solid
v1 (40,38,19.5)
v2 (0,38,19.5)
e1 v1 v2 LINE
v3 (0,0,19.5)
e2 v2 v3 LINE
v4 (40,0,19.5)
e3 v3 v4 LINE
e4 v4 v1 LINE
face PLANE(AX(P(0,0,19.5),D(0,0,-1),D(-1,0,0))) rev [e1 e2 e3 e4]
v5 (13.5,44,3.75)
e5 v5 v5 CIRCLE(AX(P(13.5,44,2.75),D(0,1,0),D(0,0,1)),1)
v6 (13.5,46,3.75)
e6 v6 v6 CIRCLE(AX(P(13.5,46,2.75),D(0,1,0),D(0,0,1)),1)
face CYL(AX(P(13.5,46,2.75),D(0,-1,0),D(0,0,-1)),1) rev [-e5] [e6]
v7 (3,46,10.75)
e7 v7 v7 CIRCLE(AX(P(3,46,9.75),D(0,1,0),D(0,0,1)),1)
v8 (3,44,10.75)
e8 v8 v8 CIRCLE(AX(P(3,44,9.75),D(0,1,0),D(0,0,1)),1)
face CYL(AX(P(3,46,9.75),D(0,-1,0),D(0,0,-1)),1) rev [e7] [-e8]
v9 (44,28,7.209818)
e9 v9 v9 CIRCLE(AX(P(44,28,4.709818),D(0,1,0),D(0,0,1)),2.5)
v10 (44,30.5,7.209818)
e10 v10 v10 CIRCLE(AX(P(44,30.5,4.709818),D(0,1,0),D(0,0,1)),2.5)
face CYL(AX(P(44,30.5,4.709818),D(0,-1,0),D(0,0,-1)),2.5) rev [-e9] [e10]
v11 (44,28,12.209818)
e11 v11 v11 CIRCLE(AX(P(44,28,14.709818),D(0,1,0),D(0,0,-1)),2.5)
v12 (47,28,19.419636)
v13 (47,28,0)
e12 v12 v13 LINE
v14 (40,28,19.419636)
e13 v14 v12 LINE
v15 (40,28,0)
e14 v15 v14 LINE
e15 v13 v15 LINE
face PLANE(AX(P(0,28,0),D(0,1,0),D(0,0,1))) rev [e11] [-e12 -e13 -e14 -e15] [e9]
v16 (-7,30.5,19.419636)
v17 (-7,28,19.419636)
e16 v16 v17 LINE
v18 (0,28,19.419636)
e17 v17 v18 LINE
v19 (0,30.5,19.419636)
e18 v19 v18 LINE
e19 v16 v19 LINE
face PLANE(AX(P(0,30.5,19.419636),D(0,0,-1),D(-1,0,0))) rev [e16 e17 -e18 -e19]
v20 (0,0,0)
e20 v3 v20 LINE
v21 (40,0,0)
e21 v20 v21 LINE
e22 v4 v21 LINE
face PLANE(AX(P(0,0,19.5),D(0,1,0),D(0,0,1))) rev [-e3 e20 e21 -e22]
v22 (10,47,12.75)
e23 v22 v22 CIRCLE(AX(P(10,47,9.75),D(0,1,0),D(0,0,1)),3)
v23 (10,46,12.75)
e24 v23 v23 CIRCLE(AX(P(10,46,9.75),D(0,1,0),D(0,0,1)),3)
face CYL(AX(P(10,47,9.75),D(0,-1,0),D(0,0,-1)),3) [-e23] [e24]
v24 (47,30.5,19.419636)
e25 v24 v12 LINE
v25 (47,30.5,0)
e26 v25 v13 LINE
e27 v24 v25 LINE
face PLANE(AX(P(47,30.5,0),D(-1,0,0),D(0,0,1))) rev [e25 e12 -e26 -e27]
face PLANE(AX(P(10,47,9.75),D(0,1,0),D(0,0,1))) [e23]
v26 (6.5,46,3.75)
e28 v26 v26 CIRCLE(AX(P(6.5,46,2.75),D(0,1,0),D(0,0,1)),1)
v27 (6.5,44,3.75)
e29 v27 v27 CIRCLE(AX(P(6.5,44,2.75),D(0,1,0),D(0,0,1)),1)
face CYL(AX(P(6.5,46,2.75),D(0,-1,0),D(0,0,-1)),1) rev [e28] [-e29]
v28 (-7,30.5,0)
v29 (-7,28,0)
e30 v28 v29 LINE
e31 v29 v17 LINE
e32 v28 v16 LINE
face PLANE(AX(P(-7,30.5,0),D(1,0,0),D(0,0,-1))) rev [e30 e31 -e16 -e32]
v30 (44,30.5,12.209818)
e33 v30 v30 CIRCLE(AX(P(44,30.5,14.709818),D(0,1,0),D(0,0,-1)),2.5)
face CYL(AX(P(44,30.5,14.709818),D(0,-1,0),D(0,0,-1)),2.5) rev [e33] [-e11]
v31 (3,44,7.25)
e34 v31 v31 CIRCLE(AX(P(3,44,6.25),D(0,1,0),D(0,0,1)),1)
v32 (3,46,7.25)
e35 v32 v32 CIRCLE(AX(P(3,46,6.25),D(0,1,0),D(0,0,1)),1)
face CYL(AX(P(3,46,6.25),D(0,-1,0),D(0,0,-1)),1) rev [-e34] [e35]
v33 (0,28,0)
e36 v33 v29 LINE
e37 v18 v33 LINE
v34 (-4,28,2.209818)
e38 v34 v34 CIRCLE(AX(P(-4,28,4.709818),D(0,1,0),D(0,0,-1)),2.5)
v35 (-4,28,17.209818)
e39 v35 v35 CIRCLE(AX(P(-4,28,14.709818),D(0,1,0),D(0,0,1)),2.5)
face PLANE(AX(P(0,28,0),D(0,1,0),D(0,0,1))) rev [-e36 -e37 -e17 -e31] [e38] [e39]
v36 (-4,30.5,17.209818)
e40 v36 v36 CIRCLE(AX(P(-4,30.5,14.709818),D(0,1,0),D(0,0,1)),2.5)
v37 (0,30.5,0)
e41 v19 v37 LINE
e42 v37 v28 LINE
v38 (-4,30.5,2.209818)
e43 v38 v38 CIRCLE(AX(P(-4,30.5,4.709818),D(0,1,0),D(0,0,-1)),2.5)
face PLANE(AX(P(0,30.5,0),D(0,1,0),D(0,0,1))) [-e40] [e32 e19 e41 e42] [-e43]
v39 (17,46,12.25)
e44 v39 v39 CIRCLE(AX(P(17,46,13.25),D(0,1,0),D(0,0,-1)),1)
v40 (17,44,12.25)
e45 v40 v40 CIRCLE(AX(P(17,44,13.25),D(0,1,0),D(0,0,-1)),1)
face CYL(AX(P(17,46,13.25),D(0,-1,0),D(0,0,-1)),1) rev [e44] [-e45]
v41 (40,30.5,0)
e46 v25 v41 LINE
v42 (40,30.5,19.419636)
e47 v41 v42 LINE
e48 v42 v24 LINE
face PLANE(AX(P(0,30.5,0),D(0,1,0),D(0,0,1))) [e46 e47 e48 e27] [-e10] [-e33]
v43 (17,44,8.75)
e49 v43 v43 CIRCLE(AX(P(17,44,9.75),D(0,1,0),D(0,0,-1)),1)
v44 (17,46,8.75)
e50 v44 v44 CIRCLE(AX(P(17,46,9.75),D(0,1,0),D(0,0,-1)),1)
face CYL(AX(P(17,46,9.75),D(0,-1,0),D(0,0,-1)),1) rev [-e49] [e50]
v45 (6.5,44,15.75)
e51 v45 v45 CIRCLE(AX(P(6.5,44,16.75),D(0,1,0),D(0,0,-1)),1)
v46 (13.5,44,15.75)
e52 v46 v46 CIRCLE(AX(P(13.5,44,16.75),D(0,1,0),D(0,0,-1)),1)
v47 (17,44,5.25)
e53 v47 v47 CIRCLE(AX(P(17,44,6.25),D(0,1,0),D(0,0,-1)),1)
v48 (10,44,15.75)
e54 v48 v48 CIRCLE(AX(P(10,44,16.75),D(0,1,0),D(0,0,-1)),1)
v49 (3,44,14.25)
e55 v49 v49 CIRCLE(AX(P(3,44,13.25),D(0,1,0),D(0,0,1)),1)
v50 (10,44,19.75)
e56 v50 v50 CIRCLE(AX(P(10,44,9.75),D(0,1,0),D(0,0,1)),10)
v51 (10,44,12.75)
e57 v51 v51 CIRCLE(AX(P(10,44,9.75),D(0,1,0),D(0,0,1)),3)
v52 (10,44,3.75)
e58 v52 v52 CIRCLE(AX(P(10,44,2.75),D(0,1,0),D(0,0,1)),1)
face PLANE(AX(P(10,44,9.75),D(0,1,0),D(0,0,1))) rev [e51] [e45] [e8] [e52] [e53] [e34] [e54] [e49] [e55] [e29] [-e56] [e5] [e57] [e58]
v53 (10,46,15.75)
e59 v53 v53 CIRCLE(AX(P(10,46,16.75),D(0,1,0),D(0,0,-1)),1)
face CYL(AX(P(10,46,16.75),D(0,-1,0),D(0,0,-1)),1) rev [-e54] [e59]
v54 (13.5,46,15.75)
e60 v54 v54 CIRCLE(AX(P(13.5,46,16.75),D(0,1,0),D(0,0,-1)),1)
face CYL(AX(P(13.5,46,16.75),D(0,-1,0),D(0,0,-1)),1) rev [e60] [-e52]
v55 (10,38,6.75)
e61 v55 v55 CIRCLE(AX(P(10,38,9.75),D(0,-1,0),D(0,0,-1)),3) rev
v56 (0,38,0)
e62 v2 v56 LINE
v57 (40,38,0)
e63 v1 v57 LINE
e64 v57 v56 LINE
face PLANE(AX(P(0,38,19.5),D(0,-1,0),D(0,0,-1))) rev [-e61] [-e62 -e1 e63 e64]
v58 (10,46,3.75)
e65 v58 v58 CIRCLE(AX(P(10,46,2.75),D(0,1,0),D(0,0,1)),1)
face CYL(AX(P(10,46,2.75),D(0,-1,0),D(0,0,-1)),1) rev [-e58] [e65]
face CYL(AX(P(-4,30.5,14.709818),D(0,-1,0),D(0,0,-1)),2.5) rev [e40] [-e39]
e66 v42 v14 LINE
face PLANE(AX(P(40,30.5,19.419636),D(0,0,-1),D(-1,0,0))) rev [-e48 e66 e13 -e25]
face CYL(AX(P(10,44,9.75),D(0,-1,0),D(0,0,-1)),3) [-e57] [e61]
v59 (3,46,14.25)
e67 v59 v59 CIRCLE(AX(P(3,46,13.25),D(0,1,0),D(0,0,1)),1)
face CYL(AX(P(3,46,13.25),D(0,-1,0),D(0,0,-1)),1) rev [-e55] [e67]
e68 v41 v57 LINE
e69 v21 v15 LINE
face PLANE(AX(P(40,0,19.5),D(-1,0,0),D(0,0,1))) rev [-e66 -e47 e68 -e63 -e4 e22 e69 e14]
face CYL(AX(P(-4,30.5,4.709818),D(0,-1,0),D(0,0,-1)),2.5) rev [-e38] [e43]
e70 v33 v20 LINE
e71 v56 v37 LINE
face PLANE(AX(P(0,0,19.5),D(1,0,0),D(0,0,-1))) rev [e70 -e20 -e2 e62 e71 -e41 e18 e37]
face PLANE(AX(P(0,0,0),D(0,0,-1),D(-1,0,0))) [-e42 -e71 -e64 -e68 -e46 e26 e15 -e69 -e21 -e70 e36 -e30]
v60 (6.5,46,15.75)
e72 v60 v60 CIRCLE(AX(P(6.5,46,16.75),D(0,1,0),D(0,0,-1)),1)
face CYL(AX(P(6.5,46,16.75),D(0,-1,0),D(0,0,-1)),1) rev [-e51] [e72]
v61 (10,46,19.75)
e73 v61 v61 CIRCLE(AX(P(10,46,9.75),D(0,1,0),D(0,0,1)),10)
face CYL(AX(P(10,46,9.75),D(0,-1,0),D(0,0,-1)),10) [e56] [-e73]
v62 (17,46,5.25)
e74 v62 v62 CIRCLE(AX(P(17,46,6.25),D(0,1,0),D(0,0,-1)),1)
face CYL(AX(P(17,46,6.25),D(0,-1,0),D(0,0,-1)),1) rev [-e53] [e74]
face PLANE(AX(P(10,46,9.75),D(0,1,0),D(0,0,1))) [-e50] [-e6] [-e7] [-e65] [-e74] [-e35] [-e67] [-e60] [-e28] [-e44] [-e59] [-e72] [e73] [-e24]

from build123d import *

# Parameters (mm, degrees)
SKETCH_1_W      = 40
SKETCH_1_H      = 38
EXTRUDE_1_DEPTH = 19.5
EXTRUDE_START   = -10
SKETCH_2_W      = 7
SKETCH_2_H      = 19.419635957
SKETCH_2_R      = 2.5
EXTRUDE_2_DEPTH = 2.5
SKETCH_3_R      = 3
EXTRUDE_3_DEPTH = 6
SKETCH_4_R      = 10
SKETCH_4_R_2    = 1
EXTRUDE_4_DEPTH = 2
SKETCH_5_R      = 3
EXTRUDE_5_DEPTH = 1


with BuildPart() as part:
    # 草图1 → 凸台-拉伸1 (new body)
    with BuildSketch(Plane.XY):
        with Locations((20, 19)):
            Rectangle(SKETCH_1_W, SKETCH_1_H)
    extrude(amount=EXTRUDE_1_DEPTH)

    # 草图2 → 凸台-拉伸2 (add)
    # profile 1 of 2: a face of its own
    with BuildSketch(Plane(origin=(0, 38, 0), x_dir=(1, 0, 0), z_dir=(0, 1, 0)).offset(EXTRUDE_START)):
        with Locations((43.5, -9.709817979)):
            Rectangle(SKETCH_2_W, SKETCH_2_H)
        with Locations(Location((44, -4.709817978, 0), (0, 0, 270))):
            Circle(SKETCH_2_R, mode=Mode.SUBTRACT)
        with Locations(Location((44, -14.709817978, 0), (0, 0, 90))):
            Circle(SKETCH_2_R, mode=Mode.SUBTRACT)
    # profile 2 of 2: a face of its own
    with BuildSketch(Plane(origin=(0, 38, 0), x_dir=(1, 0, 0), z_dir=(0, 1, 0)).offset(EXTRUDE_START)):
        with Locations((-3.5, -9.709817979)):
            Rectangle(SKETCH_2_W, SKETCH_2_H)
        with Locations(Location((-4, -14.709817978, 0), (0, 0, 270))):
            Circle(SKETCH_2_R, mode=Mode.SUBTRACT)
        with Locations(Location((-4, -4.709817978, 0), (0, 0, 90))):
            Circle(SKETCH_2_R, mode=Mode.SUBTRACT)
    extrude(amount=EXTRUDE_2_DEPTH)

    # 草图3 → 凸台-拉伸3 (add)
    with BuildSketch(Plane(origin=(0, 38, 0), x_dir=(1, 0, 0), z_dir=(0, 1, 0))):
        with Locations(Location((10, -9.75, 0), (0, 0, 90))):
            Circle(SKETCH_3_R)
    extrude(amount=EXTRUDE_3_DEPTH)

    # 草图4 → 凸台-拉伸4 (add)
    with BuildSketch(Plane(origin=(0, 44, 0), x_dir=(1, 0, 0), z_dir=(0, 1, 0))):
        with Locations(Location((10, -9.75, 0), (0, 0, 270))):
            Circle(SKETCH_4_R)
        with Locations(Location((10, -2.75, 0), (0, 0, 270))):
            Circle(SKETCH_4_R_2, mode=Mode.SUBTRACT)
        with Locations(Location((13.5, -2.75, 0), (0, 0, 270))):
            Circle(SKETCH_4_R_2, mode=Mode.SUBTRACT)
        with Locations(Location((6.5, -2.75, 0), (0, 0, 270))):
            Circle(SKETCH_4_R_2, mode=Mode.SUBTRACT)
        with Locations(Location((6.5, -16.75, 0), (0, 0, 90))):
            Circle(SKETCH_4_R_2, mode=Mode.SUBTRACT)
        with Locations(Location((13.5, -16.75, 0), (0, 0, 90))):
            Circle(SKETCH_4_R_2, mode=Mode.SUBTRACT)
        with Locations(Location((10, -16.75, 0), (0, 0, 90))):
            Circle(SKETCH_4_R_2, mode=Mode.SUBTRACT)
        with Locations(Location((3, -13.25, 0), (0, 0, 270))):
            Circle(SKETCH_4_R_2, mode=Mode.SUBTRACT)
        with Locations(Location((3, -9.75, 0), (0, 0, 270))):
            Circle(SKETCH_4_R_2, mode=Mode.SUBTRACT)
        with Locations(Location((3, -6.25, 0), (0, 0, 270))):
            Circle(SKETCH_4_R_2, mode=Mode.SUBTRACT)
        with Locations(Location((17, -6.25, 0), (0, 0, 90))):
            Circle(SKETCH_4_R_2, mode=Mode.SUBTRACT)
        with Locations(Location((17, -9.75, 0), (0, 0, 90))):
            Circle(SKETCH_4_R_2, mode=Mode.SUBTRACT)
        with Locations(Location((17, -13.25, 0), (0, 0, 90))):
            Circle(SKETCH_4_R_2, mode=Mode.SUBTRACT)
    extrude(amount=EXTRUDE_4_DEPTH)

    # 草图5 → 凸台-拉伸5 (add)
    with BuildSketch(Plane(origin=(0, 46, 0), x_dir=(1, 0, 0), z_dir=(0, 1, 0))):
        with Locations(Location((10, -9.75, 0), (0, 0, 90))):
            Circle(SKETCH_5_R)
    extrude(amount=EXTRUDE_5_DEPTH)


solid = part.part
